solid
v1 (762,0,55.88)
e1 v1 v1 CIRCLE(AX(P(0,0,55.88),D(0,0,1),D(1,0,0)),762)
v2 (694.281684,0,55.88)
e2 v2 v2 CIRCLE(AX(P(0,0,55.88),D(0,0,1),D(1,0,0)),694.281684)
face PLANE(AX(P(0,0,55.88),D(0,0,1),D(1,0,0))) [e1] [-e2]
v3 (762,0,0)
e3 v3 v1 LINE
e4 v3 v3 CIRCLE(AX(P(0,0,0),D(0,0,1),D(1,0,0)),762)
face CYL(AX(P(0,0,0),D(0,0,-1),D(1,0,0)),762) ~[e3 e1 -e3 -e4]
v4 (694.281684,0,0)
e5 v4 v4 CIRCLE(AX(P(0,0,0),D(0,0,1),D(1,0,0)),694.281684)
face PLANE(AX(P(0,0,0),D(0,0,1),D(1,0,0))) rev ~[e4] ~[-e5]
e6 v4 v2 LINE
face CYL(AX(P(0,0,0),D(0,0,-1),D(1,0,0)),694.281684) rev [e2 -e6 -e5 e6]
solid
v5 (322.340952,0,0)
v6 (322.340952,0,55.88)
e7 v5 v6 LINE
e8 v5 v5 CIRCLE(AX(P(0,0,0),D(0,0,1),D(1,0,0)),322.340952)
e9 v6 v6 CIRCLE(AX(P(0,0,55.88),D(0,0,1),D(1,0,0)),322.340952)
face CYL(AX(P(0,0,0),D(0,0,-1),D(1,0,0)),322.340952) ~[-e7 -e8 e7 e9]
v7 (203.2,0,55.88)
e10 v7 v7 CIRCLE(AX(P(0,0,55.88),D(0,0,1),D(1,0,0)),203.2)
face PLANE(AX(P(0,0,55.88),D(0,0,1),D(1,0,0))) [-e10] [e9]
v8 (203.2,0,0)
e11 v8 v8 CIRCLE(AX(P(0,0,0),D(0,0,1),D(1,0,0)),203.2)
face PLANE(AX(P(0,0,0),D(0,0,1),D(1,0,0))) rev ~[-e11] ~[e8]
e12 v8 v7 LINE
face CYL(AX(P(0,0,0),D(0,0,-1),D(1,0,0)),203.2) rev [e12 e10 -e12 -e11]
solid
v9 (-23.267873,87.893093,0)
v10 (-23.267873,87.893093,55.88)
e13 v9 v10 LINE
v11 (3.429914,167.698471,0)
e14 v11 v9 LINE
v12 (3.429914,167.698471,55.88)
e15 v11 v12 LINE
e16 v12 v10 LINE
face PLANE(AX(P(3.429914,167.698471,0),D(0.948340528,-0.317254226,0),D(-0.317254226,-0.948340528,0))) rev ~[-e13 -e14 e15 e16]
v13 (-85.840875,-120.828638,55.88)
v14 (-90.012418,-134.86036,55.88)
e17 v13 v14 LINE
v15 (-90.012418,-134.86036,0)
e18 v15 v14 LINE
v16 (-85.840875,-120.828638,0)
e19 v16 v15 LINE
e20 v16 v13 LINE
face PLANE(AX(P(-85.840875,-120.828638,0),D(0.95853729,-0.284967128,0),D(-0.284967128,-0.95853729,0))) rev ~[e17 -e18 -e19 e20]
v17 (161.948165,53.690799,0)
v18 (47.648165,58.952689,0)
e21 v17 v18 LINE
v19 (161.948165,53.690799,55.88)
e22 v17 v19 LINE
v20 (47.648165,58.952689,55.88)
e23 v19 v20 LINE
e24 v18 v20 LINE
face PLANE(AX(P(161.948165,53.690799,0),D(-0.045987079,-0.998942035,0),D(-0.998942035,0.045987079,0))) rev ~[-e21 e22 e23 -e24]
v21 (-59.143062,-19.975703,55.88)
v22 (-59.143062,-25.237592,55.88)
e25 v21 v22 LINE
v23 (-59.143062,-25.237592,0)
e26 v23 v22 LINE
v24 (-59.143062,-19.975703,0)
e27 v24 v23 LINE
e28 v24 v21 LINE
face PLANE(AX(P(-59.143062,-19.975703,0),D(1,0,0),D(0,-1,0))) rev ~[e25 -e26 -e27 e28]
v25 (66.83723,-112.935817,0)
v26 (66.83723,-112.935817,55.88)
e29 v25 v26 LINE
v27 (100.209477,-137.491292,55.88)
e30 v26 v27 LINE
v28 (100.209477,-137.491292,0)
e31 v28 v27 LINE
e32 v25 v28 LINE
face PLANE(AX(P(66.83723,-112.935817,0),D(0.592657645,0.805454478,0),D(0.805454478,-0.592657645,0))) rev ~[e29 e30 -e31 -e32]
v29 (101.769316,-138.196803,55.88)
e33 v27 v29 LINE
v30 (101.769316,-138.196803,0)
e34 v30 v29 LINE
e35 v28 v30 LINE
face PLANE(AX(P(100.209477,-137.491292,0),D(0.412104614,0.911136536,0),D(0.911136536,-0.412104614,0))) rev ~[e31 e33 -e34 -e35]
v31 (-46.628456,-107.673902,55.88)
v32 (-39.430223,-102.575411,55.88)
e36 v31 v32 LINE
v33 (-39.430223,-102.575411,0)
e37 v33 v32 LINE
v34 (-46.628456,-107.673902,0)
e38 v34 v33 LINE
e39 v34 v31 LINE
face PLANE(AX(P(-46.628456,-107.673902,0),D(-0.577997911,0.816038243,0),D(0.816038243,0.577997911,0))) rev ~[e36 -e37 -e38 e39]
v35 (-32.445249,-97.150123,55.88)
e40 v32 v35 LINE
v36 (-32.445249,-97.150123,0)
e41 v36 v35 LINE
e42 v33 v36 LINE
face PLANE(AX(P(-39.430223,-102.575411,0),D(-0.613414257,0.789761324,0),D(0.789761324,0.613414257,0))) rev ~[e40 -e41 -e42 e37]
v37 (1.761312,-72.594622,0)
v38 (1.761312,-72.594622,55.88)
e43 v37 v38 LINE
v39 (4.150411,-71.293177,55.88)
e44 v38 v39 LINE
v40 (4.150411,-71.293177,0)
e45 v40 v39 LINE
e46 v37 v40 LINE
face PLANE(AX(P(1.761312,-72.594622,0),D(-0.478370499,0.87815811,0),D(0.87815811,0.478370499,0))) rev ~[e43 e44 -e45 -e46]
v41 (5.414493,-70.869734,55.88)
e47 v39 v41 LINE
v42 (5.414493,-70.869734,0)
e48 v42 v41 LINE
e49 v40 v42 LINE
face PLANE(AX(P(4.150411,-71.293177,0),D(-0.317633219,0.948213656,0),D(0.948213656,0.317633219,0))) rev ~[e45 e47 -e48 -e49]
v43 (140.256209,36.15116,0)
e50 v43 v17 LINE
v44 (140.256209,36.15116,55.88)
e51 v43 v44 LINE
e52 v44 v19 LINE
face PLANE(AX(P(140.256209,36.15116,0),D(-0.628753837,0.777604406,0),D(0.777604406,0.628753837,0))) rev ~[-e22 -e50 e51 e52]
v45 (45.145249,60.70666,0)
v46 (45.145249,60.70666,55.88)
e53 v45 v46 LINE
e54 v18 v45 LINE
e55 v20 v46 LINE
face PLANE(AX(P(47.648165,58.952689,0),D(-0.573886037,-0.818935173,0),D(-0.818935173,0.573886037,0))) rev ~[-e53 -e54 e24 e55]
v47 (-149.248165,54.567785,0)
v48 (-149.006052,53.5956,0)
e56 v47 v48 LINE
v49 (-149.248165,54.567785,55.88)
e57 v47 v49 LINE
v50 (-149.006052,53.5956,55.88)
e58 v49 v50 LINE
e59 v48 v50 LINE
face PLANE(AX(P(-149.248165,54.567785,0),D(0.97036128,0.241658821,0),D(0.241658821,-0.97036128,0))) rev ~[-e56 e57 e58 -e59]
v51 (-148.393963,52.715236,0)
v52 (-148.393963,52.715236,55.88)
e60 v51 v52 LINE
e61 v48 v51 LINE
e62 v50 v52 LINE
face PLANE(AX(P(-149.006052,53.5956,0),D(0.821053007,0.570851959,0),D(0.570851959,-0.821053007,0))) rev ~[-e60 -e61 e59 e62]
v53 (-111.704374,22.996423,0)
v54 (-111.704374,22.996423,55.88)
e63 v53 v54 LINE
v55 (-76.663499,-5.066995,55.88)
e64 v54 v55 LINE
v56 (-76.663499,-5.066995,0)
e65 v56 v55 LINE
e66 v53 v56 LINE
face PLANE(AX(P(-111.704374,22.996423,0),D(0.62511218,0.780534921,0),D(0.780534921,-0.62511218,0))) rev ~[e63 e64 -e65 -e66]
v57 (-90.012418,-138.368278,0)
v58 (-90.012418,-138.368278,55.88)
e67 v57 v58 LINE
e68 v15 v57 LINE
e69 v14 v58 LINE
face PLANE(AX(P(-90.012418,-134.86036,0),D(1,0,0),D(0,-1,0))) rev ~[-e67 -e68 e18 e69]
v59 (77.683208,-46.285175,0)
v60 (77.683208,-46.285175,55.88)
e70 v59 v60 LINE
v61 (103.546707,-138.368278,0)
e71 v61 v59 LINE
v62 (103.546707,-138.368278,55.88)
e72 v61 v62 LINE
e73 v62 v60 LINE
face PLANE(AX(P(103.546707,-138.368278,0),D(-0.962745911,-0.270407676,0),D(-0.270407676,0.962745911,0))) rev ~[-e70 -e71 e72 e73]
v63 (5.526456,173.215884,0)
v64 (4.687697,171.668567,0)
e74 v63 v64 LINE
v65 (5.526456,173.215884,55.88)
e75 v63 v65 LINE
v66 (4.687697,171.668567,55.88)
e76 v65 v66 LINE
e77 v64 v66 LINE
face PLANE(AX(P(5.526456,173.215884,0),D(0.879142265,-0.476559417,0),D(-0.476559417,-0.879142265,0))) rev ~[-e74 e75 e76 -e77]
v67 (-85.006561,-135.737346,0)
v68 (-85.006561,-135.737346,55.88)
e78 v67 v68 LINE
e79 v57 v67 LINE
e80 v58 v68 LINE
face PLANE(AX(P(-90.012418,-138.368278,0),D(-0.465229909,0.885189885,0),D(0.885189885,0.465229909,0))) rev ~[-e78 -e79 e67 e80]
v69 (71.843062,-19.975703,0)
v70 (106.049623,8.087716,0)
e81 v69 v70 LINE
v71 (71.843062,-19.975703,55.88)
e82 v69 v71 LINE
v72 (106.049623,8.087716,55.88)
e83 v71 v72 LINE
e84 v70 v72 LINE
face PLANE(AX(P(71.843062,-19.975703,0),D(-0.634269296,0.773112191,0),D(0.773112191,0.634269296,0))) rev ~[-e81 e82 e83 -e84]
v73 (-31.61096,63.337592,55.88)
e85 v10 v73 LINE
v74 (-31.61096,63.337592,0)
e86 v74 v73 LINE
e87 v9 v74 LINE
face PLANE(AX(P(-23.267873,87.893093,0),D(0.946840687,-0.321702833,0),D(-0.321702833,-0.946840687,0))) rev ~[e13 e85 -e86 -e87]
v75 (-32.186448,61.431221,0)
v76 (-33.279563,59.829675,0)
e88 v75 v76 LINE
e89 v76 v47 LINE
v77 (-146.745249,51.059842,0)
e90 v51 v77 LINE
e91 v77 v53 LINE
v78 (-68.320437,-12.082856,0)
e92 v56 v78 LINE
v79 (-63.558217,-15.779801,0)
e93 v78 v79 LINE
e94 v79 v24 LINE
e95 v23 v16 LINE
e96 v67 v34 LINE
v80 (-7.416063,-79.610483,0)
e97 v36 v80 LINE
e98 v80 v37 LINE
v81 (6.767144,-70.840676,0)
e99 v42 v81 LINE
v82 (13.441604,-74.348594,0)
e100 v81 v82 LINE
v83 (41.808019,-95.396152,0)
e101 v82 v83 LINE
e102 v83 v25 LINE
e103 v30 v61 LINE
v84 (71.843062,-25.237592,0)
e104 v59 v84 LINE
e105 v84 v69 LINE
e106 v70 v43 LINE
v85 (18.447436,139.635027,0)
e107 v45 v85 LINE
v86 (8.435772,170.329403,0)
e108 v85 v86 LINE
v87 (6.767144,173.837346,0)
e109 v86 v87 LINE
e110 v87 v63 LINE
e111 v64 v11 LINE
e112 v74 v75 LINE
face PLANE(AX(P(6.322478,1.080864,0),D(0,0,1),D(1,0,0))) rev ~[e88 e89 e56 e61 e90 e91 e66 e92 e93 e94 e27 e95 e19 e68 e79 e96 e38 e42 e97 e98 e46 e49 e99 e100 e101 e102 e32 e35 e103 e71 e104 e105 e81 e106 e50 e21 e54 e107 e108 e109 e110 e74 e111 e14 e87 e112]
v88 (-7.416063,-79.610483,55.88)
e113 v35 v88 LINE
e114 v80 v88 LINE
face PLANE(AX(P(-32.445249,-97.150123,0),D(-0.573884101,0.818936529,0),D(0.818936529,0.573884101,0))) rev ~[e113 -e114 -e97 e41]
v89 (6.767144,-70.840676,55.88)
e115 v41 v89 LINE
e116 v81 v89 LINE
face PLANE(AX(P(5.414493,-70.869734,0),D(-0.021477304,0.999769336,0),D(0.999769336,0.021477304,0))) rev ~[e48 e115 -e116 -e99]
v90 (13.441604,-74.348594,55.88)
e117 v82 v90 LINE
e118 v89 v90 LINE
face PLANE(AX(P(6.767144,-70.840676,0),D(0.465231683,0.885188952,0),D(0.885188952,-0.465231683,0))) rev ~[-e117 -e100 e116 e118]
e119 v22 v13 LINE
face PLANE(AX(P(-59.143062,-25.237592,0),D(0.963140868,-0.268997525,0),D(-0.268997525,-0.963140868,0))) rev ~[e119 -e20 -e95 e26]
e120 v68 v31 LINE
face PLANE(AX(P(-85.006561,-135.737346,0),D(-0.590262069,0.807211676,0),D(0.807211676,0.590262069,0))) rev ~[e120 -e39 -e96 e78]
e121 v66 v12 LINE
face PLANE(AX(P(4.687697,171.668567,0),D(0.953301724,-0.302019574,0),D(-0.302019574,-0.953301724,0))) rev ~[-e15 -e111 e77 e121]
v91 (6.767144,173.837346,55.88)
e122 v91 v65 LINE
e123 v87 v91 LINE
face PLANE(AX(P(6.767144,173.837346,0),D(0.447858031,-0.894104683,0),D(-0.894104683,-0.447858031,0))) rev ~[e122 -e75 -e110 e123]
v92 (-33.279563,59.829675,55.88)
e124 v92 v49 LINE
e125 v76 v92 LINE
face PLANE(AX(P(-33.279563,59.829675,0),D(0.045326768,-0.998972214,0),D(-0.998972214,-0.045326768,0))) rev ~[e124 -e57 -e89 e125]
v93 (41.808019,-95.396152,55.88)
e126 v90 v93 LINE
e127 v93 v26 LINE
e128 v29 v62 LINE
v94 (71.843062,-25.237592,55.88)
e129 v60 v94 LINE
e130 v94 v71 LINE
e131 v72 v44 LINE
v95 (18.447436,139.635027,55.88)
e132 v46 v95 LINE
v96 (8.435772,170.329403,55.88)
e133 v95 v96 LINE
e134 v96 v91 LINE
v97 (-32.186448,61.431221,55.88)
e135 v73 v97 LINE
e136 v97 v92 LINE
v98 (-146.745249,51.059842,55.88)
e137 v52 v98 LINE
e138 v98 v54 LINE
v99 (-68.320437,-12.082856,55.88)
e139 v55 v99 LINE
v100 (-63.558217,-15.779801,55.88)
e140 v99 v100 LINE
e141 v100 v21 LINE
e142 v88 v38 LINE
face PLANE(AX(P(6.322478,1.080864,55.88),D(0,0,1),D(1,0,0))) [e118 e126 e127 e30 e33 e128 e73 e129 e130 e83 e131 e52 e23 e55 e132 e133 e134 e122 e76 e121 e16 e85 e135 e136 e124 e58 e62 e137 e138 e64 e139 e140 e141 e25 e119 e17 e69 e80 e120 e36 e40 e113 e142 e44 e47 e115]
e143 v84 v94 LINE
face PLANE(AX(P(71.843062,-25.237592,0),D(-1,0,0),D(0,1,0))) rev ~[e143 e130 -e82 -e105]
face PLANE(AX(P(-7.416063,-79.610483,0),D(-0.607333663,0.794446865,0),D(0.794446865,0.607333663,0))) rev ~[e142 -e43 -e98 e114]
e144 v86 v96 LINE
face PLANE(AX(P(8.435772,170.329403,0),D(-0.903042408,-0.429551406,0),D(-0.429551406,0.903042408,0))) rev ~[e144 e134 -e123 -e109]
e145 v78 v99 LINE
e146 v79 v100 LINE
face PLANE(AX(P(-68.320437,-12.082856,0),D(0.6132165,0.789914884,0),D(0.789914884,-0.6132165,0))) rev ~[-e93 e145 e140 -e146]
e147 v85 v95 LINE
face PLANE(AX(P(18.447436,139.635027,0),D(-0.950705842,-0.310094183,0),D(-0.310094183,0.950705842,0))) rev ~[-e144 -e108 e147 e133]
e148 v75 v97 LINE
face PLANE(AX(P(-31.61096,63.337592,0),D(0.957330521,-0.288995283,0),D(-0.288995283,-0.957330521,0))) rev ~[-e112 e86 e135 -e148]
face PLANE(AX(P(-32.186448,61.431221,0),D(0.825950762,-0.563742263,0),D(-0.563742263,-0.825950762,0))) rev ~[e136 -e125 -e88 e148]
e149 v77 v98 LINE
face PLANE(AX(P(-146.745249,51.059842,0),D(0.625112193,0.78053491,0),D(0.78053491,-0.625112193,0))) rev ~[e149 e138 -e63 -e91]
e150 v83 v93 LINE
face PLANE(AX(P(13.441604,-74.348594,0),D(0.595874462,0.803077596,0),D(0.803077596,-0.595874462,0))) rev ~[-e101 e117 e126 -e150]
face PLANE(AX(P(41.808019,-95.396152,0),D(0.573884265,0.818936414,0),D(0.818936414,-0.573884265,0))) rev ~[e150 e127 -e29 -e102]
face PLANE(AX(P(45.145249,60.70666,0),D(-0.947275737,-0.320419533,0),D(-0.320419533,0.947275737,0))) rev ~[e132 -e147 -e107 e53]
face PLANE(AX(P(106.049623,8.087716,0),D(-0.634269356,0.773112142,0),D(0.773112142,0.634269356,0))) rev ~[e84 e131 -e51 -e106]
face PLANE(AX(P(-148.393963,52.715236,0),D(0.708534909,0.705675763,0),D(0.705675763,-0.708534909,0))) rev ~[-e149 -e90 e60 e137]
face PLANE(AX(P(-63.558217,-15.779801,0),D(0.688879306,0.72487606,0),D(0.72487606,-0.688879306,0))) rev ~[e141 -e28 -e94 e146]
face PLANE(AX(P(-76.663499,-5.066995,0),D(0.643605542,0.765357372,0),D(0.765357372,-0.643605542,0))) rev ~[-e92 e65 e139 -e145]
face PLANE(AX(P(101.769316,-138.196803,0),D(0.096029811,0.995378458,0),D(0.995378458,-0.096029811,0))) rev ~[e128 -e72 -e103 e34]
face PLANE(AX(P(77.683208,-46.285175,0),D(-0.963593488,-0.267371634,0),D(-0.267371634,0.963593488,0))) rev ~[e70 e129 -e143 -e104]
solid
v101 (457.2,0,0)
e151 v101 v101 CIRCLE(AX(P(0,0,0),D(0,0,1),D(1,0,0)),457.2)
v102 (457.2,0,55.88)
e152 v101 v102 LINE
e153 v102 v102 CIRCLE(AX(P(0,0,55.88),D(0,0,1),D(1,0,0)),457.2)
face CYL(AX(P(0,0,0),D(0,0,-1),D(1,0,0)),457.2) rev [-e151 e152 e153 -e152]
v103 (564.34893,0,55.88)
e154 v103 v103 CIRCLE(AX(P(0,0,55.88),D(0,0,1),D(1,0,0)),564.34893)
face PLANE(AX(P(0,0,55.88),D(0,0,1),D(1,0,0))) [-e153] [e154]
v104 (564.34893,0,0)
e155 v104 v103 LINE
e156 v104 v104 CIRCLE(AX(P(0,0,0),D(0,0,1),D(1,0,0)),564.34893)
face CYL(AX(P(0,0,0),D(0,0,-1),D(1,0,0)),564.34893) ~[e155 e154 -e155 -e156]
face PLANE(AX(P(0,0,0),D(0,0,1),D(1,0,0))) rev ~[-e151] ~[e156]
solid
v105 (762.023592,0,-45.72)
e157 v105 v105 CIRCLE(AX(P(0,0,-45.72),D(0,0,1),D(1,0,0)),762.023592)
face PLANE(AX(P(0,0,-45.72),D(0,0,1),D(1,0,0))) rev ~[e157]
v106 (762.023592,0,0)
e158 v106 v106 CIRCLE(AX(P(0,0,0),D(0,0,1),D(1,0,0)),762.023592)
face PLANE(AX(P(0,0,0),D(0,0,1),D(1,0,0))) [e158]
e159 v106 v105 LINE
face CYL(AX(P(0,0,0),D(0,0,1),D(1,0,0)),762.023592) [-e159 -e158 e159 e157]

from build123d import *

# Parameters (mm, degrees)
F0_R     = 762
F0_R_2   = 694.281684
F0_R_3   = 564.34893
F0_R_4   = 457.2
F0_R_5   = 322.340952
F0_R_6   = 203.2
F1_DEPTH = 55.88
F2_R     = 762.023592
F3_DEPTH = 45.72


with BuildPart() as f1:
    # F0 (on Top) → F1 (new body)
    with BuildSketch(Plane.XY):
        Circle(F0_R)
        Circle(F0_R_2, mode=Mode.SUBTRACT)
        Circle(F0_R_3)
        Circle(F0_R_4, mode=Mode.SUBTRACT)
        Circle(F0_R_5)
        Circle(F0_R_6, mode=Mode.SUBTRACT)
        Polygon((-33.279563, 59.829675), (-149.248165, 54.567785), (-149.006052, 53.5956), (-148.393963, 52.715236), (-146.745249, 51.059842), (-111.704374, 22.996423), (-76.663499, -5.066995), (-68.320437, -12.082856), (-63.558217, -15.779801), (-59.143062, -19.975703), (-59.143062, -25.237592), (-85.840875, -120.828638), (-90.012418, -134.86036), (-90.012418, -138.368278), (-85.006561, -135.737346), (-46.628456, -107.673902), (-39.430223, -102.575411), (-32.445249, -97.150123), (-7.416063, -79.610483), (1.761312, -72.594622), (4.150411, -71.293177), (5.414493, -70.869734), (6.767144, -70.840676), (13.441604, -74.348594), (41.808019, -95.396152), (66.83723, -112.935817), (100.209477, -137.491292), (101.769316, -138.196803), (103.546707, -138.368278), (77.683208, -46.285175), (71.843062, -25.237592), (71.843062, -19.975703), (106.049623, 8.087716), (140.256209, 36.15116), (161.948165, 53.690799), (47.648165, 58.952689), (45.145249, 60.70666), (18.447436, 139.635027), (8.435772, 170.329403), (6.767144, 173.837346), (5.526456, 173.215884), (4.687697, 171.668567), (3.429914, 167.698471), (-23.267873, 87.893093), (-31.61096, 63.337592), (-32.186448, 61.431221), align=None)
    extrude(amount=F1_DEPTH)


with BuildPart() as f3:
    # F2 (on Top) → F3 (new body)
    with BuildSketch(Plane.XY):
        Circle(F2_R)
    extrude(amount=-F3_DEPTH)


solid = Compound([f1.part, f3.part])
